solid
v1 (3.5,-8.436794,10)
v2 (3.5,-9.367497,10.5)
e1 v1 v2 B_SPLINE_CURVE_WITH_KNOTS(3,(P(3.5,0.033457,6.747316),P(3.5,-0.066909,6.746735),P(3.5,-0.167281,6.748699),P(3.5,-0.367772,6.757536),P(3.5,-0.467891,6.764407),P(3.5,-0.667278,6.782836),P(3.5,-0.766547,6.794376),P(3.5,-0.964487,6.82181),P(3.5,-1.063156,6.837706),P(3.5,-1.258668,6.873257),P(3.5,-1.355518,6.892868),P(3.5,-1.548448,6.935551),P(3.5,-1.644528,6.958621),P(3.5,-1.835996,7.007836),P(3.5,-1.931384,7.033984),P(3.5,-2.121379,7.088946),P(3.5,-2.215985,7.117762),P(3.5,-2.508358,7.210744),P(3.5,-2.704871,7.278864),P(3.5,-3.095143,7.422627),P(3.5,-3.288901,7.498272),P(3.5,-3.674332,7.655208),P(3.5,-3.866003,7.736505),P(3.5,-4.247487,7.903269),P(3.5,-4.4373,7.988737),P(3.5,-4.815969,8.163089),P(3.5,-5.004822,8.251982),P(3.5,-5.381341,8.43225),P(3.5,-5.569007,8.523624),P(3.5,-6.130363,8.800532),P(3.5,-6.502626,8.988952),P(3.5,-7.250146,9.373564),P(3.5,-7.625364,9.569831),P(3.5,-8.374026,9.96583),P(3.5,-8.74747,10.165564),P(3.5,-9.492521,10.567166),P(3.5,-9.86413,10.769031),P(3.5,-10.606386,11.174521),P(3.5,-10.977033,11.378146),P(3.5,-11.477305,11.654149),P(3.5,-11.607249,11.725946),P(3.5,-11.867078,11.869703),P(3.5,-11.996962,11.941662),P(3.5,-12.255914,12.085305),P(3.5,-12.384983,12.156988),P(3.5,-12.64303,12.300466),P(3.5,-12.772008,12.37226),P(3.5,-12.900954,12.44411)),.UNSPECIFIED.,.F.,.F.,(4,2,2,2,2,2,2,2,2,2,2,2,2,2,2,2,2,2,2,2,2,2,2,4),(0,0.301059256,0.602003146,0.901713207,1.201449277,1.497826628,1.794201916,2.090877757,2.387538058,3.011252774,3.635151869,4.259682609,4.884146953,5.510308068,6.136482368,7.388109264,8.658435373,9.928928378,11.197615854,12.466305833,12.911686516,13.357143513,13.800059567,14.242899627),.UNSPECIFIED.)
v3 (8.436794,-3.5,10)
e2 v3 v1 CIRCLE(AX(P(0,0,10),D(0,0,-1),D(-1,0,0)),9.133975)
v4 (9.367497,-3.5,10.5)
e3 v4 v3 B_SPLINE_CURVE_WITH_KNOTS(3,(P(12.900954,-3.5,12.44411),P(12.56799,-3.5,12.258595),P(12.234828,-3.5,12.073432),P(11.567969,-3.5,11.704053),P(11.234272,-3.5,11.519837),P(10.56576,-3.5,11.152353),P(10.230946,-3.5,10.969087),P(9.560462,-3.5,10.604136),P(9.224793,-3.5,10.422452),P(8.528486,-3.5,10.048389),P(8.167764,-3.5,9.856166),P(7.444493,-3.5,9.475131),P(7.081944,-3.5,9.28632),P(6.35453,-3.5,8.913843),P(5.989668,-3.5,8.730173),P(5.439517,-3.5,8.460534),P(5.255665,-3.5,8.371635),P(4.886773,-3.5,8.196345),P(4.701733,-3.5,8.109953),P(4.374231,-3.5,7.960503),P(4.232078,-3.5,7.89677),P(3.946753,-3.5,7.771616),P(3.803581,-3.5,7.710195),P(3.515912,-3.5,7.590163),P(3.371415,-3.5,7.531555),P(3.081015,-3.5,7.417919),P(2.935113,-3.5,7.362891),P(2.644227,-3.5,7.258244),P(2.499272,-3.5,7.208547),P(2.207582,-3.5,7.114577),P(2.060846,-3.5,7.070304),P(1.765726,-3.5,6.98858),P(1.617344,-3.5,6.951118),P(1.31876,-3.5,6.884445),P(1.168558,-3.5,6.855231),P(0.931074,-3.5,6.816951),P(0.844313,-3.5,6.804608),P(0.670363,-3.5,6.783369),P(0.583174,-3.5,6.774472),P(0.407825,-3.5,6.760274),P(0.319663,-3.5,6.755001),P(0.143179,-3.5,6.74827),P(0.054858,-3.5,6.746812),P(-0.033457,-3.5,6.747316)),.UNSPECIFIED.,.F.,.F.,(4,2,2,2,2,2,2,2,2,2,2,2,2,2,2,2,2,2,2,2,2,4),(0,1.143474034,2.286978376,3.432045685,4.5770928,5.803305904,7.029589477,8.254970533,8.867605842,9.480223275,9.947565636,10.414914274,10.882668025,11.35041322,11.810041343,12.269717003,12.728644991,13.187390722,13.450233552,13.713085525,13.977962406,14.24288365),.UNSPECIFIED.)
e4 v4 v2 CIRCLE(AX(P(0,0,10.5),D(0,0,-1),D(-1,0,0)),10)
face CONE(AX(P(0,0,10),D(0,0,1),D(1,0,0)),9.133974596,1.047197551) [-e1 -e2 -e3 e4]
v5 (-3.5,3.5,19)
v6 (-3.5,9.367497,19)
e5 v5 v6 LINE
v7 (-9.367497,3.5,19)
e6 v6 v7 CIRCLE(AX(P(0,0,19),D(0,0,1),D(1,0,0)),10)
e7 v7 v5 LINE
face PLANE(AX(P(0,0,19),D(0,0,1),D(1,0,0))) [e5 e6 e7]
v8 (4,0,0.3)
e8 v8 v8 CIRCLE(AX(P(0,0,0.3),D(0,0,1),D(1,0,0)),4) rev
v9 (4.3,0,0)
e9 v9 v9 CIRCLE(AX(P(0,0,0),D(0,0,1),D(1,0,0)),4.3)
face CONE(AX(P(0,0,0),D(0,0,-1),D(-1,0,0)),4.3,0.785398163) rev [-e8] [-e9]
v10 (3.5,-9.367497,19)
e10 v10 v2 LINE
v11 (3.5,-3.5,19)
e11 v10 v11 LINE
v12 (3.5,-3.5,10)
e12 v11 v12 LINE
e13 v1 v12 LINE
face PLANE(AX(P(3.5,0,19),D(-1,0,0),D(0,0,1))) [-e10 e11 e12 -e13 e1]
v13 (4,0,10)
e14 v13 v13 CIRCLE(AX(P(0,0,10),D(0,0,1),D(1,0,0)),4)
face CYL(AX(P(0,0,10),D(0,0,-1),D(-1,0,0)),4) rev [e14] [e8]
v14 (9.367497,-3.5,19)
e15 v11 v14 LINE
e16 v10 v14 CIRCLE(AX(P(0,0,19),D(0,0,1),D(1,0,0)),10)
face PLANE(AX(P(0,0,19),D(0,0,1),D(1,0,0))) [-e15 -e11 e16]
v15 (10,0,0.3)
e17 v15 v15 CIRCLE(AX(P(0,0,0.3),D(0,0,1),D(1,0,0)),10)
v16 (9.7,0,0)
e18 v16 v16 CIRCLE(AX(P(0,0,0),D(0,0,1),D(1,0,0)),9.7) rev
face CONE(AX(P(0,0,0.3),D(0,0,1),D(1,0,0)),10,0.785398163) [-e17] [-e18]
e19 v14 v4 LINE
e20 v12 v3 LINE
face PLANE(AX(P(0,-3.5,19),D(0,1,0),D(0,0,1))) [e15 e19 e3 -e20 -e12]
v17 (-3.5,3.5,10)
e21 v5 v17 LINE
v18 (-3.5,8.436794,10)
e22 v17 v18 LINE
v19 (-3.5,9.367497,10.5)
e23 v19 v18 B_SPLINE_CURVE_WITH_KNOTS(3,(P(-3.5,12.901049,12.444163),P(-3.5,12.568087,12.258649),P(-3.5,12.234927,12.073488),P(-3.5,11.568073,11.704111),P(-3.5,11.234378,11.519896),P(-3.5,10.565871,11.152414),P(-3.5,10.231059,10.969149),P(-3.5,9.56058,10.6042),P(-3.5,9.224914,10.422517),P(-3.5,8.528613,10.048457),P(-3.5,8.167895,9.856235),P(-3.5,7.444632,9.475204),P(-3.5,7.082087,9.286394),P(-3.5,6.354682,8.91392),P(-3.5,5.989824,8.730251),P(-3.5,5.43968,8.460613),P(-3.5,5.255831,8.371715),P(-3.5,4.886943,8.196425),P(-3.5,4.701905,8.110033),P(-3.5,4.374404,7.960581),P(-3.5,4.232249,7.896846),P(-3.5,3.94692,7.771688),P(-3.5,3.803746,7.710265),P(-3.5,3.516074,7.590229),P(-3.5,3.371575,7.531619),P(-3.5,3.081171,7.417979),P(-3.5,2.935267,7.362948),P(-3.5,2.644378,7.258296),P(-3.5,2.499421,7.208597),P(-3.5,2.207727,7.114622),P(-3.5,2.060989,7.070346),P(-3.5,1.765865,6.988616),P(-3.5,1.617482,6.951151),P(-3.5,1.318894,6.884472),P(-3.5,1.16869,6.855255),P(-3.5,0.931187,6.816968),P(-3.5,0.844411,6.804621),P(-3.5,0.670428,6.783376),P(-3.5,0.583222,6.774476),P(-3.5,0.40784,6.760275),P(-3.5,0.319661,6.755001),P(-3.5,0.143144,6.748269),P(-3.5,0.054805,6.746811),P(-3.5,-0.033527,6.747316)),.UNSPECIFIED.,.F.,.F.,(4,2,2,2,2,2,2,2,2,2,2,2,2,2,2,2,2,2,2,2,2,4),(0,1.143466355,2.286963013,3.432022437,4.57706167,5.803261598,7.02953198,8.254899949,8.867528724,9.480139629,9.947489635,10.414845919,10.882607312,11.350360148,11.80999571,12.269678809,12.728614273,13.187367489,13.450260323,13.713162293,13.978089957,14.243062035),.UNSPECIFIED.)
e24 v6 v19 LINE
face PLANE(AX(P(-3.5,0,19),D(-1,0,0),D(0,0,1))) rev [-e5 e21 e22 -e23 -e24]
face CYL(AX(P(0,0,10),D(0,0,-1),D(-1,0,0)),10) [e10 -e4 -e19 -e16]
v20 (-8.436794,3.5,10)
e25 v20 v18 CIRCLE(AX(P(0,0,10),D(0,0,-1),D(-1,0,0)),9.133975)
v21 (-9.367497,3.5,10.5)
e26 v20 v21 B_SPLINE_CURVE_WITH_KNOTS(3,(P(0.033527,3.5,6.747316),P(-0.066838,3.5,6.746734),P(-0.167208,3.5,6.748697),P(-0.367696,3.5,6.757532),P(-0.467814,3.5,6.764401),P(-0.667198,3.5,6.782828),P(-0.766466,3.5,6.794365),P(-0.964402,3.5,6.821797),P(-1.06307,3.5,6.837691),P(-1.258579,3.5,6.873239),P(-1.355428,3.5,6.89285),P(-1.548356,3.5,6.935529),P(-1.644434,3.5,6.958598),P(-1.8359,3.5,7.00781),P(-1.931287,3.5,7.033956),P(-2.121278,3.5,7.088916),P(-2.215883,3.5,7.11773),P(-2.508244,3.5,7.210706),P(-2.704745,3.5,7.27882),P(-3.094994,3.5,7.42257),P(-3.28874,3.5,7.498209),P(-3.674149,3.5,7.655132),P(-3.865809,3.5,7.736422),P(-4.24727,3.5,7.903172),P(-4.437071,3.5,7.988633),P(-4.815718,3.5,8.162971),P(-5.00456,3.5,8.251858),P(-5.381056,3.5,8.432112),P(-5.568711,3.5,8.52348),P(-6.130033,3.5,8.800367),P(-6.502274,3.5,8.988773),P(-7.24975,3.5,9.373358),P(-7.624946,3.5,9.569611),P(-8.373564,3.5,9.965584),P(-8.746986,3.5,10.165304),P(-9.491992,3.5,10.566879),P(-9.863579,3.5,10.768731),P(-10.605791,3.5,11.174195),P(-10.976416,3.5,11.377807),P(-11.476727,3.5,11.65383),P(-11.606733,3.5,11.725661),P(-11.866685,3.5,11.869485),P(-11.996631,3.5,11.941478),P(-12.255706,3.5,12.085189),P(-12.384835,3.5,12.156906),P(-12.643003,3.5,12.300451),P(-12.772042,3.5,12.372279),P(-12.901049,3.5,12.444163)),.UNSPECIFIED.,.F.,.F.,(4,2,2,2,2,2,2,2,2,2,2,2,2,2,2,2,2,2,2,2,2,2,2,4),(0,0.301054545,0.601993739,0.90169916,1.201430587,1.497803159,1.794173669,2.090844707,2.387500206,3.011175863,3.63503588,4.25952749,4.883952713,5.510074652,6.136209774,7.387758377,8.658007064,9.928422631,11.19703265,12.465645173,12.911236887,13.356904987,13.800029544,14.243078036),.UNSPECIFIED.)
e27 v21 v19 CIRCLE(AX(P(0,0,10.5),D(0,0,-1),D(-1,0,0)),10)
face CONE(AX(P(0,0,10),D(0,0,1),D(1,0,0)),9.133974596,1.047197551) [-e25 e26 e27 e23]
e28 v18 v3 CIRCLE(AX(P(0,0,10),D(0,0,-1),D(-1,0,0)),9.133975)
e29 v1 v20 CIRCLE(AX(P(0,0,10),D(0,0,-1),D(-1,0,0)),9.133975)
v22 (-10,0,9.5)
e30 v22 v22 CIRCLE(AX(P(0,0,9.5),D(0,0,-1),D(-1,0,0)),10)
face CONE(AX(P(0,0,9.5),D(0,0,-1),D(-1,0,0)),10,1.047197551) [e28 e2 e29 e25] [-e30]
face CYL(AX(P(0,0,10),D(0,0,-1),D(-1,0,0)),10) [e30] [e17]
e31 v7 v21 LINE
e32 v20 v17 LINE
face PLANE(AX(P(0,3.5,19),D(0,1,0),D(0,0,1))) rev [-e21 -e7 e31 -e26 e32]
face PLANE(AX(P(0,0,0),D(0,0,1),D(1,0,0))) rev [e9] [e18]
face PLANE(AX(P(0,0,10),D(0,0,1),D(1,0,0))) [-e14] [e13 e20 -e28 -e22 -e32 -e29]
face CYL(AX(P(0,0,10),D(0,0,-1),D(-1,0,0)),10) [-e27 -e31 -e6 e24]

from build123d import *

# Parameters (mm, degrees)
SKETCH_1_R      = 10
SKETCH_1_R_2    = 4
EXTRUDE_1_DEPTH = 10
CHAMFER_1_SIZE  = 0.3
EXTRUDE_2_DEPTH = 9


with BuildPart() as part:
    # 스케치1 → 보스-돌출1 (new body)
    with BuildSketch(Plane.XY):
        Circle(SKETCH_1_R)
        Circle(SKETCH_1_R_2, mode=Mode.SUBTRACT)
    extrude(amount=EXTRUDE_1_DEPTH)

    # 모따기1
    chamfer_1_edges = [part.edges().sort_by_distance(p)[0] for p in [
        (-10, 0, 0),
        (-4, 0, 0),
    ]]
    chamfer(chamfer_1_edges, length=CHAMFER_1_SIZE)

    # 스케치2 → 보스-돌출2 (add)
    with BuildSketch(Plane.XY.offset(10)):
        with BuildLine():
            ThreePointArc((-3.5, 9.367496998), (-7.071067812, 7.071067812), (-9.367496998, 3.5))
            Line((-9.367496998, 3.5), (-3.5, 3.5))
            Line((-3.5, 3.5), (-3.5, 9.367496998))
        make_face()
        with BuildLine():
            Line((9.367496998, -3.5), (3.5, -3.5))
            Line((3.5, -3.5), (3.5, -9.367496998))
            ThreePointArc((3.5, -9.367496998), (7.071067812, -7.071067812), (9.367496998, -3.5))
        make_face()
    extrude(amount=EXTRUDE_2_DEPTH)

    # 스케치3 → 컷-회전1 (revolve, cut)
    with BuildSketch(Plane(origin=(0, 0, 0), x_dir=(1, 0, 0), z_dir=(0, 1, 0)), mode=Mode.PRIVATE) as cut_revolve_1_sk:
        Polygon((9.133974596, -10), (10, -10.5), (10, -9.5), align=None)
    revolve(cut_revolve_1_sk.sketch.rotate(Axis((0, 0, 0), (0, 0, 1)), 180), axis=Axis((0, 0, 0), (0, 0, 1)), mode=Mode.SUBTRACT)


solid = part.part
